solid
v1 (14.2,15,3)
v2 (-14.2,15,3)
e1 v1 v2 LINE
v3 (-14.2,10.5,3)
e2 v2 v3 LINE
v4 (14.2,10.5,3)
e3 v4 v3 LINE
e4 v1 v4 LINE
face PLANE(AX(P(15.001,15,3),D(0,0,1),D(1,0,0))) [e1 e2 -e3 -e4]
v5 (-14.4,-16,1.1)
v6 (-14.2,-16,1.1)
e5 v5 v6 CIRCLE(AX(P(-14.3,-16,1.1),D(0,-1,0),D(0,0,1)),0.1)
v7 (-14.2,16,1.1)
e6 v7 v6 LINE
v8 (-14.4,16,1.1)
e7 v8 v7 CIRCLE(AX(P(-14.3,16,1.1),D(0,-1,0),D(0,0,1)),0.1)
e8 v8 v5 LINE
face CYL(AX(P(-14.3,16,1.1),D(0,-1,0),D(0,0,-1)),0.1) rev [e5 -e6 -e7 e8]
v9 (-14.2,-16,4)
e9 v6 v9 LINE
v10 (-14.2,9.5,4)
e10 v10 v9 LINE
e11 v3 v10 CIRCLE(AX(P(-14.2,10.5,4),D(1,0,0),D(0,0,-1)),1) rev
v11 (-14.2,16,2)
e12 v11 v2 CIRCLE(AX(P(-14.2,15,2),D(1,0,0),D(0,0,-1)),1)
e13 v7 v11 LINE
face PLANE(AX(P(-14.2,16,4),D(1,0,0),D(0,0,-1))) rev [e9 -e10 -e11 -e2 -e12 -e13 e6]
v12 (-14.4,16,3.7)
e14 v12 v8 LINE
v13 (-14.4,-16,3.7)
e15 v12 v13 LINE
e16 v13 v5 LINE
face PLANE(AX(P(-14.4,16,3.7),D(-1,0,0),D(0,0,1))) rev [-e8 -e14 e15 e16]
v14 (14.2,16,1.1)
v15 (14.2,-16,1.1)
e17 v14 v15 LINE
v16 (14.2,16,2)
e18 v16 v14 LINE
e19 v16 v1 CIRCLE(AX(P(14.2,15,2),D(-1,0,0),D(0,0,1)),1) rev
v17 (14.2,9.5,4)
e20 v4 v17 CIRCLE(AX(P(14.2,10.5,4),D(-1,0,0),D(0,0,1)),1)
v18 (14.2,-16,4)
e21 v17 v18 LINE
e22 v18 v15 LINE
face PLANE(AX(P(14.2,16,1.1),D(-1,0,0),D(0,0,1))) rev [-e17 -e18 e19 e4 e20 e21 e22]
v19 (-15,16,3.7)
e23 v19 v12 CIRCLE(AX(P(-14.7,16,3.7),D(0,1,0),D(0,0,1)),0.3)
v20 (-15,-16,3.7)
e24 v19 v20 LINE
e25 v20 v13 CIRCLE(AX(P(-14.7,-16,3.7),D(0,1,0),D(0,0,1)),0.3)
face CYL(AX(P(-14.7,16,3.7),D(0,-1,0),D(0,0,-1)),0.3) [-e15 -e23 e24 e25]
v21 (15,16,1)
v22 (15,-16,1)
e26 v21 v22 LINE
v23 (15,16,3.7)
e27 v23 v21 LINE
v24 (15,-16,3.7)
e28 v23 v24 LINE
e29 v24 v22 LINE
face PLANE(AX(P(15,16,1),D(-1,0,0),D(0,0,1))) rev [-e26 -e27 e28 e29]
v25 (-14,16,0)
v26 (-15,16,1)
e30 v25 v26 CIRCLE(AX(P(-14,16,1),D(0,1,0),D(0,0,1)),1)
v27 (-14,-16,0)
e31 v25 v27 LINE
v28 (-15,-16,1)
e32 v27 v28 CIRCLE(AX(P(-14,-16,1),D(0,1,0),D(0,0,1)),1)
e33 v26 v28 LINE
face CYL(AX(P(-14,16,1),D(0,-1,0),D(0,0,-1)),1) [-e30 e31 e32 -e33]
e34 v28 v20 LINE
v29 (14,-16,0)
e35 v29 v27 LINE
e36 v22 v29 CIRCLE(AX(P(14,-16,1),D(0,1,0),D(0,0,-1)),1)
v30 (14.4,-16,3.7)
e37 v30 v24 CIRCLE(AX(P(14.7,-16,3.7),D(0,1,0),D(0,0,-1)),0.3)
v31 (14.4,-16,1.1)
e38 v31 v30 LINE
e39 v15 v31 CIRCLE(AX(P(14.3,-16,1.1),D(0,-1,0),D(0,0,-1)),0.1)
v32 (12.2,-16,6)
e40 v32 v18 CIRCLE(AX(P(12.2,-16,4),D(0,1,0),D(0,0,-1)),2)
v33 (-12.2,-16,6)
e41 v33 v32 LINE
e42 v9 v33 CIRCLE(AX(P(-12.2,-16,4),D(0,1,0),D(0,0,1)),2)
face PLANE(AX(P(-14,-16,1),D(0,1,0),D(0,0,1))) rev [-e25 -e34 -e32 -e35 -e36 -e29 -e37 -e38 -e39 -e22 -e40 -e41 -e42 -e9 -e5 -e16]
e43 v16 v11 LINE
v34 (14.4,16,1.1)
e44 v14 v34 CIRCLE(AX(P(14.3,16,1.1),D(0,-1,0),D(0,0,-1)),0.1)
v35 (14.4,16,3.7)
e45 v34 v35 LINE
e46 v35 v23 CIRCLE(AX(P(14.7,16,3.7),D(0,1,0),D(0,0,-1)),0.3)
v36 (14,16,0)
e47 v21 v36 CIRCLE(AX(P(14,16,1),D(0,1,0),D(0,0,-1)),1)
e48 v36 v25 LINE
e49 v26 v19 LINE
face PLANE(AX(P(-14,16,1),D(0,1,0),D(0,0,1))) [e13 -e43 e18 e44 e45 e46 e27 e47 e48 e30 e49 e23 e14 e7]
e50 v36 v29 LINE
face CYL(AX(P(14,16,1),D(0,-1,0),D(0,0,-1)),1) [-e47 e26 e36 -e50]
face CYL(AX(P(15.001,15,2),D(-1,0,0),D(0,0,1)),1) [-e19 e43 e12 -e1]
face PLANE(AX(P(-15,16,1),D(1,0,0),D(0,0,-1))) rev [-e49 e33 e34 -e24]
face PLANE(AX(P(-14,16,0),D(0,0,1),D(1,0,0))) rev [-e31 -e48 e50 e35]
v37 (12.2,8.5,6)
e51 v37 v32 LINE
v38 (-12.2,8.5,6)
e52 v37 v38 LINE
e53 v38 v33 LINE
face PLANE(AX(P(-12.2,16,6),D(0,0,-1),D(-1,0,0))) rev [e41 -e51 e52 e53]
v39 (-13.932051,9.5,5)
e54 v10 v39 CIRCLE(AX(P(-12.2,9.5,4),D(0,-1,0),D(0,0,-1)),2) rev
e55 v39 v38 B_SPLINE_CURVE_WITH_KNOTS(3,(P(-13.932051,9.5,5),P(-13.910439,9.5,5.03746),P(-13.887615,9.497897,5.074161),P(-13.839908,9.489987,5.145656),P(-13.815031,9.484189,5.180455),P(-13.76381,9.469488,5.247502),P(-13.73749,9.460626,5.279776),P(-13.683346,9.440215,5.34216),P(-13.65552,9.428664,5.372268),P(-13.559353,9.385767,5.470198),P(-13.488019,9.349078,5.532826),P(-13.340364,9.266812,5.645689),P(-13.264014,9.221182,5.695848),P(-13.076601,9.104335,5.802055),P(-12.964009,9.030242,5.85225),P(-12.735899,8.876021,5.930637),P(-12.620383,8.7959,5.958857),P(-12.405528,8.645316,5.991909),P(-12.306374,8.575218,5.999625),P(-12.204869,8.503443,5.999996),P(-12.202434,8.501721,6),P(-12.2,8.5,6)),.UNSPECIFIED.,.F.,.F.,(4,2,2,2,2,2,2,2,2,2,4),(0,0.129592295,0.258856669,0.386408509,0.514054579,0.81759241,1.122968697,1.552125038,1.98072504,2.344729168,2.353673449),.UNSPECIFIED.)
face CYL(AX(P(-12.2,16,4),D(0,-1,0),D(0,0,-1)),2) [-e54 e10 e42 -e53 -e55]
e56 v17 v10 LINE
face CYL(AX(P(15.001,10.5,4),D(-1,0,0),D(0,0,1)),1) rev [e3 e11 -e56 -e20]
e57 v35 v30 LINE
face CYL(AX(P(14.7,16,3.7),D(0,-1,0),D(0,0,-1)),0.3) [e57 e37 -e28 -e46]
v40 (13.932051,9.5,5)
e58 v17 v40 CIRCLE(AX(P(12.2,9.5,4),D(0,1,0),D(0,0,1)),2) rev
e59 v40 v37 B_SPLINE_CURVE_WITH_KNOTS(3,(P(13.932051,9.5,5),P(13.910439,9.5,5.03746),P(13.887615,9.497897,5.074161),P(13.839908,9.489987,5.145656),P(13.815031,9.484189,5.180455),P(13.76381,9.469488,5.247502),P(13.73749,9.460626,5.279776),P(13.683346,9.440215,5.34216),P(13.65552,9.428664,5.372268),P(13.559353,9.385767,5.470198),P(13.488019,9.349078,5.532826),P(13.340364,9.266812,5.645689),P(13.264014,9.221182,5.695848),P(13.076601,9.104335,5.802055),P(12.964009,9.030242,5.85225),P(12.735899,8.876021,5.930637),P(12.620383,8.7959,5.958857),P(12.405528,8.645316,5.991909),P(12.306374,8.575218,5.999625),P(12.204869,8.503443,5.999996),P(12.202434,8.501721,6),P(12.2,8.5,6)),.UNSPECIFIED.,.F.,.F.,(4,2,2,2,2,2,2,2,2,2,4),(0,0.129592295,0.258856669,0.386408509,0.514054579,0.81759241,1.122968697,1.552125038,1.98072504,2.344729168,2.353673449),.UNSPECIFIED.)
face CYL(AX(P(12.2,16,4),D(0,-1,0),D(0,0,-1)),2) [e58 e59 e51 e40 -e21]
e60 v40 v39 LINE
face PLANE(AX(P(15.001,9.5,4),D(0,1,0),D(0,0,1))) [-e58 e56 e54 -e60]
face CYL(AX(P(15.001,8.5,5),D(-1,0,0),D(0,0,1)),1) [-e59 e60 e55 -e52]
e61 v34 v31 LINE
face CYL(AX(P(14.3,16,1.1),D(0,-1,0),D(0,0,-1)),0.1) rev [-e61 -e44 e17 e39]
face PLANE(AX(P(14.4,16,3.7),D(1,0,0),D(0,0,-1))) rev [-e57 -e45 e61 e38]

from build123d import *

# Parameters (mm, degrees)
EXTRUDE_1_DEPTH                 = 16
CUT_EXTRUDE_1_REACH             = 24.738
CUT_EXTRUDE_1_DIRECTION_2_REACH = 24.738


with BuildPart() as part:
    # Эскиз1 → Бобышка-Вытянуть1 (new, symmetric)
    with BuildSketch(Plane(origin=(0, 0, 0), x_dir=(1, 0, 0), z_dir=(0, 1, 0))):
        with BuildLine():
            Line((-14, 0), (14, 0))
            ThreePointArc((14, 0), (14.707106781, -0.292893219), (15, -1))
            Line((15, -1), (15, -3.7))
            ThreePointArc((15, -3.7), (14.7, -4), (14.4, -3.7))
            Line((14.4, -3.7), (14.4, -1.1))
            ThreePointArc((14.4, -1.1), (14.3, -1), (14.2, -1.1))
            Line((14.2, -1.1), (14.2, -4))
            ThreePointArc((14.2, -4), (13.614213562, -5.414213562), (12.2, -6))
            Line((12.2, -6), (-12.2, -6))
            ThreePointArc((-12.2, -6), (-13.614213562, -5.414213562), (-14.2, -4))
            Line((-14.2, -4), (-14.2, -1.1))
            ThreePointArc((-14.2, -1.1), (-14.3, -1), (-14.4, -1.1))
            Line((-14.4, -1.1), (-14.4, -3.7))
            ThreePointArc((-14.4, -3.7), (-14.7, -4), (-15, -3.7))
            Line((-15, -3.7), (-15, -1))
            ThreePointArc((-15, -1), (-14.707106781, -0.292893219), (-14, 0))
        make_face()
    extrude(amount=EXTRUDE_1_DEPTH, both=True)

    # Эскиз2 → Вырез-Вытянуть1 (cut, up to next)
    with BuildSketch(Plane(origin=(0, 0, 0), x_dir=(0, 0, -1), z_dir=(1, 0, 0)), mode=Mode.PRIVATE) as cut_extrude_1_sk1:
        with BuildLine():
            Line((-3, 15), (-3, 10.5))
            ThreePointArc((-3, 10.5), (-3.292893219, 9.792893219), (-4, 9.5))
            Line((-4, 9.5), (-5, 9.5))
            ThreePointArc((-5, 9.5), (-5.707106781, 9.207106781), (-6, 8.5))
            Line((-6, 8.5), (-6, 16))
            Line((-6, 16), (-2, 16))
            ThreePointArc((-2, 16), (-2.707106781, 15.707106781), (-3, 15))
        make_face()
    cut_extrude_1_tool1 = extrude(cut_extrude_1_sk1.sketch, amount=-CUT_EXTRUDE_1_REACH, mode=Mode.PRIVATE) & part.part
    add(cut_extrude_1_tool1.solids().sort_by_distance((0, 12.778083, 4.509034))[0], mode=Mode.SUBTRACT)

    # Эскиз2 → Вырез-Вытянуть1 direction 2 (cut, up to next)
    with BuildSketch(Plane(origin=(0, 0, 0), x_dir=(0, 0, -1), z_dir=(1, 0, 0)), mode=Mode.PRIVATE) as cut_extrude_1_direction_2_sk1:
        with BuildLine():
            Line((-3, 15), (-3, 10.5))
            ThreePointArc((-3, 10.5), (-3.292893219, 9.792893219), (-4, 9.5))
            Line((-4, 9.5), (-5, 9.5))
            ThreePointArc((-5, 9.5), (-5.707106781, 9.207106781), (-6, 8.5))
            Line((-6, 8.5), (-6, 16))
            Line((-6, 16), (-2, 16))
            ThreePointArc((-2, 16), (-2.707106781, 15.707106781), (-3, 15))
        make_face()
    cut_extrude_1_direction_2_tool1 = extrude(cut_extrude_1_direction_2_sk1.sketch, amount=CUT_EXTRUDE_1_DIRECTION_2_REACH, mode=Mode.PRIVATE) & part.part
    add(cut_extrude_1_direction_2_tool1.solids().sort_by_distance((0, 12.778083, 4.509034))[0], mode=Mode.SUBTRACT)


solid = part.part
